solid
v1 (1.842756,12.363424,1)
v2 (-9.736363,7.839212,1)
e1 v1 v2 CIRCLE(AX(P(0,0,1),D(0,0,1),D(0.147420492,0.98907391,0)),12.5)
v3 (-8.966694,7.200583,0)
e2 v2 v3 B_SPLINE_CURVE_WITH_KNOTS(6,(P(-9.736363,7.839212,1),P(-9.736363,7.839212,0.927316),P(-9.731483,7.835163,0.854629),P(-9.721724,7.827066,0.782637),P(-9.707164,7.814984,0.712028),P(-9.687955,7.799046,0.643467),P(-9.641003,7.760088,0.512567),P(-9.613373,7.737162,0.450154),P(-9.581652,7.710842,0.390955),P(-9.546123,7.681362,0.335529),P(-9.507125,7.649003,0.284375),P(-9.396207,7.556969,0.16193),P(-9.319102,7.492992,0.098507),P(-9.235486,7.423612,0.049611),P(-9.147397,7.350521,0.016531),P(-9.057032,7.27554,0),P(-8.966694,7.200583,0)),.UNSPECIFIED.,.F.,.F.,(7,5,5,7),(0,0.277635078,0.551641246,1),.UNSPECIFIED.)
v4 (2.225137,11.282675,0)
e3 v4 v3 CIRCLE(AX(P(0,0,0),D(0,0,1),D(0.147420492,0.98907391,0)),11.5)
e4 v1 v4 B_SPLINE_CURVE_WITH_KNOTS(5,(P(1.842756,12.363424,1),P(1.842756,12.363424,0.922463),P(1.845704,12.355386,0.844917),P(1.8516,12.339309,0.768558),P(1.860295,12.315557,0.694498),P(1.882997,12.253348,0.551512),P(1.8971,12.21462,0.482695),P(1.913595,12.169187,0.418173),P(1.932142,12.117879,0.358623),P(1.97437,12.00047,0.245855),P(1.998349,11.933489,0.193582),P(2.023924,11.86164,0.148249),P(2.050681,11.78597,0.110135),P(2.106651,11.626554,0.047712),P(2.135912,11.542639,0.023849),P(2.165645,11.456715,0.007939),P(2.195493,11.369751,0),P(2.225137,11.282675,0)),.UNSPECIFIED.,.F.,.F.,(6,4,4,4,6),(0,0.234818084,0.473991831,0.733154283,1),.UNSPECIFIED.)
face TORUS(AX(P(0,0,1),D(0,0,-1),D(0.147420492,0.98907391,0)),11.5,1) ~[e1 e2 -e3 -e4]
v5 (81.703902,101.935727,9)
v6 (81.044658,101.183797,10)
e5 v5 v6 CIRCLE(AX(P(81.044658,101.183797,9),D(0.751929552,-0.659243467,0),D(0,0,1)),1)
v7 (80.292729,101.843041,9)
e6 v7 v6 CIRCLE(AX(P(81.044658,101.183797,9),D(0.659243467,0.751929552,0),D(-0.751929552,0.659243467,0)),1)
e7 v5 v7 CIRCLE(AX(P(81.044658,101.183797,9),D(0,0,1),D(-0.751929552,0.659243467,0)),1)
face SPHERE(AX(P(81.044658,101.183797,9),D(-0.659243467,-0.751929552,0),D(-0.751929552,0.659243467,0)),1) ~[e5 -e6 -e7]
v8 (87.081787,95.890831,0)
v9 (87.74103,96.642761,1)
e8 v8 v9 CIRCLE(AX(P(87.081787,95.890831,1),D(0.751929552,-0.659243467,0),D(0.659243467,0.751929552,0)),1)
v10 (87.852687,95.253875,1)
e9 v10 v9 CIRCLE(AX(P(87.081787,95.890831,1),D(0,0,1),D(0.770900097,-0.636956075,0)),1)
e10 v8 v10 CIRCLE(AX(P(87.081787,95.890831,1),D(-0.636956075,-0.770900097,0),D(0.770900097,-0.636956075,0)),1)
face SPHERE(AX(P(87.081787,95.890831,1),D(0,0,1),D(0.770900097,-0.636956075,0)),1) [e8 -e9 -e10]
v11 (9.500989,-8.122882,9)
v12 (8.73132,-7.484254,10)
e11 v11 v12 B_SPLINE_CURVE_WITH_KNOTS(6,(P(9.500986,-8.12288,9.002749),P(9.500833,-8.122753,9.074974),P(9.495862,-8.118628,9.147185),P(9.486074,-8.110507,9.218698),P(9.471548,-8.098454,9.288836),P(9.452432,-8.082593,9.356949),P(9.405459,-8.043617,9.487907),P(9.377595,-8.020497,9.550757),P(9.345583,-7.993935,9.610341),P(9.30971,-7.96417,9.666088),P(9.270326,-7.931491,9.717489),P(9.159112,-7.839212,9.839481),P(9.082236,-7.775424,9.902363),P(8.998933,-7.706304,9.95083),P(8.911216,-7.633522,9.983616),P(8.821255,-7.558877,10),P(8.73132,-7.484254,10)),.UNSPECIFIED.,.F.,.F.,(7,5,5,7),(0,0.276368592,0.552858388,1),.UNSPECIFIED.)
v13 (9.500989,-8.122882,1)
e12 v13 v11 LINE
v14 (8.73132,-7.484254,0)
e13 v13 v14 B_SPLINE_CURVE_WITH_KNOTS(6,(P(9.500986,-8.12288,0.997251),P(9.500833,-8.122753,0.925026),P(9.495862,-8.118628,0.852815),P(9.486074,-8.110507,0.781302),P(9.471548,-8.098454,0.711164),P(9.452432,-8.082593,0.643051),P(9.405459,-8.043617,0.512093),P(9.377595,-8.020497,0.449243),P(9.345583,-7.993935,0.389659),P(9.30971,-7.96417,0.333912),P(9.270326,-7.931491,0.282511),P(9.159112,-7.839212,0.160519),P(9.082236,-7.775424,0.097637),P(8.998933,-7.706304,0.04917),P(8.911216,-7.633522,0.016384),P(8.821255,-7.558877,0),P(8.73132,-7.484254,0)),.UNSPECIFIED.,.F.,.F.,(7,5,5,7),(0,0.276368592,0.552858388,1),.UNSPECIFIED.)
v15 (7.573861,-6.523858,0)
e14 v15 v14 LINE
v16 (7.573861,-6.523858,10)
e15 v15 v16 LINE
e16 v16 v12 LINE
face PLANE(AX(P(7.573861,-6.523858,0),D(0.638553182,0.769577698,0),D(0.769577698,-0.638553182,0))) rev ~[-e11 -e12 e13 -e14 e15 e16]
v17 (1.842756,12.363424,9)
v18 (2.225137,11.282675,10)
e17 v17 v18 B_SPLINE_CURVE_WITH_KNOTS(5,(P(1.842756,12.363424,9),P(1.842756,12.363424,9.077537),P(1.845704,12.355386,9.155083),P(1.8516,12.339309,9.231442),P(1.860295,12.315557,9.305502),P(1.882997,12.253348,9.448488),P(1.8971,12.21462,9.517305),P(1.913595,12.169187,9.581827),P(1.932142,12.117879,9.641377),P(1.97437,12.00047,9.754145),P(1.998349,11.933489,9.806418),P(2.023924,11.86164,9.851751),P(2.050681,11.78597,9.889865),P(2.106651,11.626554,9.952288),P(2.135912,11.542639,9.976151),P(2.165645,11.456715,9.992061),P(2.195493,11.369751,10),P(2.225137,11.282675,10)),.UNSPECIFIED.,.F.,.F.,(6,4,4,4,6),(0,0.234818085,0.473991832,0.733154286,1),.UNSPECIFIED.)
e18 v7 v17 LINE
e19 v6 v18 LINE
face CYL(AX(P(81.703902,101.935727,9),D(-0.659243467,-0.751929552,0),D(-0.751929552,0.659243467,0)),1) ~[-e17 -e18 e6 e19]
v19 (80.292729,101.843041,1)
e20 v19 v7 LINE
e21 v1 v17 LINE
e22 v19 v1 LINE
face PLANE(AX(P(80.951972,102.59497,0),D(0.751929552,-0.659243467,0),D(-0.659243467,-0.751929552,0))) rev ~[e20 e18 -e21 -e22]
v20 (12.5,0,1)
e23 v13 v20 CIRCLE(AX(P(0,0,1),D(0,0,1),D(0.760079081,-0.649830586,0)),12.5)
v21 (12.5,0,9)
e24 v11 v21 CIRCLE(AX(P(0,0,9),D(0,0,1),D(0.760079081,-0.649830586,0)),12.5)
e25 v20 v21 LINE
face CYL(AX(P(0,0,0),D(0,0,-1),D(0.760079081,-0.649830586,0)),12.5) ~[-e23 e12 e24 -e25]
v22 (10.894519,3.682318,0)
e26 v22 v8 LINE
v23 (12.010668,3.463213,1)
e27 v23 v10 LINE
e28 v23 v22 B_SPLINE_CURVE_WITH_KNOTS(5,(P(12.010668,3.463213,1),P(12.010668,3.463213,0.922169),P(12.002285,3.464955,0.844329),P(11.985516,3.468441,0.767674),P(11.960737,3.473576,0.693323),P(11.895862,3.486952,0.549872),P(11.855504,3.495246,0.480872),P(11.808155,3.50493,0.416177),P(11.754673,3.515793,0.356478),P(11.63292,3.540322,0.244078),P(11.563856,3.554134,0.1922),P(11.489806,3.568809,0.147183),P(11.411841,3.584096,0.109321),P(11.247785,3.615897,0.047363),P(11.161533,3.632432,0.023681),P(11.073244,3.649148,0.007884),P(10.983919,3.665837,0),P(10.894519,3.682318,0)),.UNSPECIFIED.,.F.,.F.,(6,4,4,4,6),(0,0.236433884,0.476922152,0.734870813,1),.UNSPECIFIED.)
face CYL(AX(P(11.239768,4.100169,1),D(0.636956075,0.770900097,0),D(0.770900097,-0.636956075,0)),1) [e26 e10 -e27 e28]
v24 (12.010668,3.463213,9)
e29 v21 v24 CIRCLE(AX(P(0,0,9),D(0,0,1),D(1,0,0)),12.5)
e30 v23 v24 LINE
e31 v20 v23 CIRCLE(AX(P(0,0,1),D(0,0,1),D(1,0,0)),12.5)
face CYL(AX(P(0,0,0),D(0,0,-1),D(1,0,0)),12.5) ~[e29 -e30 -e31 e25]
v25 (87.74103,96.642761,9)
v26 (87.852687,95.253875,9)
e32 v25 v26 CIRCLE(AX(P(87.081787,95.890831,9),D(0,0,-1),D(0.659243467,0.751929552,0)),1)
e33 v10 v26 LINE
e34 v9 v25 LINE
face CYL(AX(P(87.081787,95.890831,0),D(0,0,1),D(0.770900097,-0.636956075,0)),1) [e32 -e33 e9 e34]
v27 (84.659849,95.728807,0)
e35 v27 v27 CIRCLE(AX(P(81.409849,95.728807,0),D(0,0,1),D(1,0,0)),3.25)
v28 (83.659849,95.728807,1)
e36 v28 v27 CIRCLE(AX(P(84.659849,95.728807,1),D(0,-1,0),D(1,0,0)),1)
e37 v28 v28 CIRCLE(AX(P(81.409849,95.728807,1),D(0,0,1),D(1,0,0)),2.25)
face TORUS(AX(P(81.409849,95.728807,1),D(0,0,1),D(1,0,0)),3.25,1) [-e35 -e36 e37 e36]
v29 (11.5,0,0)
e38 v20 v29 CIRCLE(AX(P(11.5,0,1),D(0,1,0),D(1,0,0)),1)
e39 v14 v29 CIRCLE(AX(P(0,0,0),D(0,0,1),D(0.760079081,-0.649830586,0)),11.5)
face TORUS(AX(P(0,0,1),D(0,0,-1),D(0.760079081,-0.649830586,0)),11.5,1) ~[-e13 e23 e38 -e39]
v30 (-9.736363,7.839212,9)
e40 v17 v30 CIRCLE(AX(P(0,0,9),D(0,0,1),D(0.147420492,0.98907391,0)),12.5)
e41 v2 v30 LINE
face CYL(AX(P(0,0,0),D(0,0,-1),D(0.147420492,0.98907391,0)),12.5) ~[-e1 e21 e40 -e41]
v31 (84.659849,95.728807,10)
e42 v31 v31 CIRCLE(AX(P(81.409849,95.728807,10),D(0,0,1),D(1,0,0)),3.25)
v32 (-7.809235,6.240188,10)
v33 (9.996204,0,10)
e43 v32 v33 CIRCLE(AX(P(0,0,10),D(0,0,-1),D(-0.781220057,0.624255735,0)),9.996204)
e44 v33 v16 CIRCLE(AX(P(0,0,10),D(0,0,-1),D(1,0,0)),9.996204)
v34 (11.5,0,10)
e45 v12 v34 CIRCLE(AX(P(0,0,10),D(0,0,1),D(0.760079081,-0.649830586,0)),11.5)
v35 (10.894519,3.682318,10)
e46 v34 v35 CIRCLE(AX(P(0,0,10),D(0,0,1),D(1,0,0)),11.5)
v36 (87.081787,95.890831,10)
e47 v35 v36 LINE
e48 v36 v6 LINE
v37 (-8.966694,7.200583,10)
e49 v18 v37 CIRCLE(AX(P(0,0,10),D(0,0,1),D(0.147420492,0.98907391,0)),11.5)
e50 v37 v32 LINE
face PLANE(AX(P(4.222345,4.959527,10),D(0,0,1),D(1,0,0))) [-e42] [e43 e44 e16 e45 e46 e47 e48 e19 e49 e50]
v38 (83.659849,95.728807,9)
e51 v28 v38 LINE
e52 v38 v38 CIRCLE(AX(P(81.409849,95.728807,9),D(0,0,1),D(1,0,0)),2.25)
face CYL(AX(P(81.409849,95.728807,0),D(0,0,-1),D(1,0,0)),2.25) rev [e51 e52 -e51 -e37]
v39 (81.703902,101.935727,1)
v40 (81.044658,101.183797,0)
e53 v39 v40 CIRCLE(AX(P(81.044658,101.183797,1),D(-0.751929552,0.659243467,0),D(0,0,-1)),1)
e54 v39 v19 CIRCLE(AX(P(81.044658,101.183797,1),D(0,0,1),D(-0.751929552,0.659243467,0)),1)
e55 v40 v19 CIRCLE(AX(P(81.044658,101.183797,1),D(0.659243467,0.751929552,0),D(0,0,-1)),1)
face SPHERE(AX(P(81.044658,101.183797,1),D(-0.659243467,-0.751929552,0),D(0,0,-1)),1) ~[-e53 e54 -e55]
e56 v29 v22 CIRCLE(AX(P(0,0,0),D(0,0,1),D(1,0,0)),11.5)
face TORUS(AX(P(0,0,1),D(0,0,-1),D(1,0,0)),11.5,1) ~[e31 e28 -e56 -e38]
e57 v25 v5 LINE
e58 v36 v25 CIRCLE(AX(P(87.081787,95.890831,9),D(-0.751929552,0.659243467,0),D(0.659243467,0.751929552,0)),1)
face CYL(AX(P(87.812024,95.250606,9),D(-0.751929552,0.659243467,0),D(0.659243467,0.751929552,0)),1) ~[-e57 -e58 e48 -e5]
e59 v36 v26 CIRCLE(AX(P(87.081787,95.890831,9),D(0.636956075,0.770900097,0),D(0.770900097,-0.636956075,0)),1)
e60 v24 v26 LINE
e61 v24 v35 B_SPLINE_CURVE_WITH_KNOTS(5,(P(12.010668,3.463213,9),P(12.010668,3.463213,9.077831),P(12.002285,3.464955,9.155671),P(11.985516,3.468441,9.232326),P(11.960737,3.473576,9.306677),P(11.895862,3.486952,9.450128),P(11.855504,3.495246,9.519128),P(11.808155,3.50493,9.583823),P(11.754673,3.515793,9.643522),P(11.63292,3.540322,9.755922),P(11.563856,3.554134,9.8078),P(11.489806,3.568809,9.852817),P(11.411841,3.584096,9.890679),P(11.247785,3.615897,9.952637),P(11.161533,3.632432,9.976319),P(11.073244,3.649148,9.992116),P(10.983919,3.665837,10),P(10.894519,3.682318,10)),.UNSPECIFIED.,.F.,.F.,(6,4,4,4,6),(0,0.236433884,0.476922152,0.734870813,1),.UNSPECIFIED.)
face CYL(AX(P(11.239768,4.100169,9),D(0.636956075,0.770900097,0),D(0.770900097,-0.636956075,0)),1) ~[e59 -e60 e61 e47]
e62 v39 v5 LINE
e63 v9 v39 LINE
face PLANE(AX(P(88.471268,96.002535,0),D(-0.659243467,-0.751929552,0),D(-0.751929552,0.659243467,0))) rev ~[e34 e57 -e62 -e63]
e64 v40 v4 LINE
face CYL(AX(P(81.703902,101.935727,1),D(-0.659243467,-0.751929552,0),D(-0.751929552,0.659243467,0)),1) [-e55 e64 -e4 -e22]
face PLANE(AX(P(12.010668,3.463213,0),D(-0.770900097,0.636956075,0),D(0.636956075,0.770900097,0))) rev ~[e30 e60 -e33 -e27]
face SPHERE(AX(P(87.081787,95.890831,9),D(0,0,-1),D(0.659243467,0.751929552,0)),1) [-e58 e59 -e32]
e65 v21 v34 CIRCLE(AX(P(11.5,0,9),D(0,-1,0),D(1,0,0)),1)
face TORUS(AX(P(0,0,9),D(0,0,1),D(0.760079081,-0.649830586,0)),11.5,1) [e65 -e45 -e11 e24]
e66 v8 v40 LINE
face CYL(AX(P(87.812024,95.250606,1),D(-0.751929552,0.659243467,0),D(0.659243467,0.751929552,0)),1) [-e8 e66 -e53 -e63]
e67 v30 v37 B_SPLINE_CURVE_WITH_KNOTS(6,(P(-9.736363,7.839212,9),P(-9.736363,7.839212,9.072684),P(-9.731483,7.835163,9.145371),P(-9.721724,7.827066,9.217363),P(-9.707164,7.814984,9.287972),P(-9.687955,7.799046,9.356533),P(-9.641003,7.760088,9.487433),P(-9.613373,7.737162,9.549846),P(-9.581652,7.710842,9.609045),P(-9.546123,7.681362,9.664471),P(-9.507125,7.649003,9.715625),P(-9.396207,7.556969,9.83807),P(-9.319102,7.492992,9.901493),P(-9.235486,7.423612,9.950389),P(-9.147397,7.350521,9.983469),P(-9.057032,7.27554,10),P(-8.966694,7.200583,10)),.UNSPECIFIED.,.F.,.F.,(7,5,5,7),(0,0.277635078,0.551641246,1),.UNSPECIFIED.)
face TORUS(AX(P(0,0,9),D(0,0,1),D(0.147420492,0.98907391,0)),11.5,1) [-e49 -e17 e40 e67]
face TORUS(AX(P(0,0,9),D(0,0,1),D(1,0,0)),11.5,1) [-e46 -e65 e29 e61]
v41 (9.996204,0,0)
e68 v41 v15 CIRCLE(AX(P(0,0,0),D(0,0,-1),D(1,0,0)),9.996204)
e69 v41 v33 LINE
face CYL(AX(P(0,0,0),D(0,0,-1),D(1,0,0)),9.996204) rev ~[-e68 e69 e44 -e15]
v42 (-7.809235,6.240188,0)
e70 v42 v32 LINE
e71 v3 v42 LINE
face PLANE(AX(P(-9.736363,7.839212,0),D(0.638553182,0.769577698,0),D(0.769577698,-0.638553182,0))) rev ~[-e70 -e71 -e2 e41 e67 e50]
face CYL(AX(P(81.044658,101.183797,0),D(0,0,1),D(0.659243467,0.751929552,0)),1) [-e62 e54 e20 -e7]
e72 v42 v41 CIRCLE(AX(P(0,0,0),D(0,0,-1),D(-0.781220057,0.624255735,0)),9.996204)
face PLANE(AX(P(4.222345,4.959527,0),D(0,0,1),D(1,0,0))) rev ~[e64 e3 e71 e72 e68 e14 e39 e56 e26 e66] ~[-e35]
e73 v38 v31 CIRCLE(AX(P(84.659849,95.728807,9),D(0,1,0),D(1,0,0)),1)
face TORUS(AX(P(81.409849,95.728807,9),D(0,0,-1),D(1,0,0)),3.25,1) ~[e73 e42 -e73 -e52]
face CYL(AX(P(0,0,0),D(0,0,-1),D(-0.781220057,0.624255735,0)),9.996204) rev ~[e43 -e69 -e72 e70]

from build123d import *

# Parameters (mm, degrees)
F0_R     = 2.25
F1_DEPTH = 10
F2_R     = 1


with BuildPart() as f1:
    # F0 (on Top) → F1 (new body)
    with BuildSketch(Plane.XY):
        with BuildLine():
            ThreePointArc((9.5009885105, -8.1228823285), (11.7263028355, -4.3294135641), (12.5, 0))
            ThreePointArc((12.5, 0), (12.3770625391, 1.7488061363), (12.0106683356, 3.4632132668))
            ThreePointArc((12.0106683356, 3.4632132668), (8.2330297979, 9.4057014808), (1.8427561446, 12.3634238701))
            ThreePointArc((1.8427561446, 12.3634238701), (-4.5491075048, 11.6428356044), (-9.7363625852, 7.8392119253))
            Line((-9.7363625852, 7.8392119253), (-7.8092353717, 6.240187919))
            ThreePointArc((-7.8092353717, 6.240187919), (3.3061601135, 9.4336317322), (9.9962043974, 0))
            ThreePointArc((9.9962043974, 0), (9.3710716558, -3.4795284703), (7.573861297, -6.5238583222))
            Line((7.573861297, -6.5238583222), (9.5009885105, -8.1228823285))
        make_face()
        with BuildLine():
            ThreePointArc((1.8427561446, 12.3634238701), (8.2330297979, 9.4057014808), (12.0106683356, 3.4632132668))
            Line((12.0106683356, 3.4632132668), (88.4712676923, 96.0025354569))
            Line((88.4712676923, 96.0025354569), (80.951972171, 102.5949701258))
            Line((80.951972171, 102.5949701258), (1.8427561446, 12.3634238701))
        make_face()
        with Locations((81.4098492265, 95.7288071513)):
            Circle(F0_R, mode=Mode.SUBTRACT)
    extrude(amount=F1_DEPTH)

    # F2
    f2_edges = [f1.edges().sort_by_distance(p)[0] for p in [
        (41.397364, 57.479197, 10),
        (12.216679, -2.646271, 10),
        (50.240968, 49.732874, 10),
        (-4.549108, 11.642836, 10),
        (12.216679, -2.646271, 0),
        (-4.549108, 11.642836, 0),
        (50.240968, 49.732874, 0),
        (41.397364, 57.479197, 0),
        (79.159849, 95.728807, 0),
        (84.71162, 99.298753, 0),
        (79.159849, 95.728807, 10),
        (88.471268, 96.002535, 5),
        (80.951972, 102.59497, 5),
        (84.71162, 99.298753, 10),
    ]]
    fillet(f2_edges, radius=F2_R)


solid = f1.part
